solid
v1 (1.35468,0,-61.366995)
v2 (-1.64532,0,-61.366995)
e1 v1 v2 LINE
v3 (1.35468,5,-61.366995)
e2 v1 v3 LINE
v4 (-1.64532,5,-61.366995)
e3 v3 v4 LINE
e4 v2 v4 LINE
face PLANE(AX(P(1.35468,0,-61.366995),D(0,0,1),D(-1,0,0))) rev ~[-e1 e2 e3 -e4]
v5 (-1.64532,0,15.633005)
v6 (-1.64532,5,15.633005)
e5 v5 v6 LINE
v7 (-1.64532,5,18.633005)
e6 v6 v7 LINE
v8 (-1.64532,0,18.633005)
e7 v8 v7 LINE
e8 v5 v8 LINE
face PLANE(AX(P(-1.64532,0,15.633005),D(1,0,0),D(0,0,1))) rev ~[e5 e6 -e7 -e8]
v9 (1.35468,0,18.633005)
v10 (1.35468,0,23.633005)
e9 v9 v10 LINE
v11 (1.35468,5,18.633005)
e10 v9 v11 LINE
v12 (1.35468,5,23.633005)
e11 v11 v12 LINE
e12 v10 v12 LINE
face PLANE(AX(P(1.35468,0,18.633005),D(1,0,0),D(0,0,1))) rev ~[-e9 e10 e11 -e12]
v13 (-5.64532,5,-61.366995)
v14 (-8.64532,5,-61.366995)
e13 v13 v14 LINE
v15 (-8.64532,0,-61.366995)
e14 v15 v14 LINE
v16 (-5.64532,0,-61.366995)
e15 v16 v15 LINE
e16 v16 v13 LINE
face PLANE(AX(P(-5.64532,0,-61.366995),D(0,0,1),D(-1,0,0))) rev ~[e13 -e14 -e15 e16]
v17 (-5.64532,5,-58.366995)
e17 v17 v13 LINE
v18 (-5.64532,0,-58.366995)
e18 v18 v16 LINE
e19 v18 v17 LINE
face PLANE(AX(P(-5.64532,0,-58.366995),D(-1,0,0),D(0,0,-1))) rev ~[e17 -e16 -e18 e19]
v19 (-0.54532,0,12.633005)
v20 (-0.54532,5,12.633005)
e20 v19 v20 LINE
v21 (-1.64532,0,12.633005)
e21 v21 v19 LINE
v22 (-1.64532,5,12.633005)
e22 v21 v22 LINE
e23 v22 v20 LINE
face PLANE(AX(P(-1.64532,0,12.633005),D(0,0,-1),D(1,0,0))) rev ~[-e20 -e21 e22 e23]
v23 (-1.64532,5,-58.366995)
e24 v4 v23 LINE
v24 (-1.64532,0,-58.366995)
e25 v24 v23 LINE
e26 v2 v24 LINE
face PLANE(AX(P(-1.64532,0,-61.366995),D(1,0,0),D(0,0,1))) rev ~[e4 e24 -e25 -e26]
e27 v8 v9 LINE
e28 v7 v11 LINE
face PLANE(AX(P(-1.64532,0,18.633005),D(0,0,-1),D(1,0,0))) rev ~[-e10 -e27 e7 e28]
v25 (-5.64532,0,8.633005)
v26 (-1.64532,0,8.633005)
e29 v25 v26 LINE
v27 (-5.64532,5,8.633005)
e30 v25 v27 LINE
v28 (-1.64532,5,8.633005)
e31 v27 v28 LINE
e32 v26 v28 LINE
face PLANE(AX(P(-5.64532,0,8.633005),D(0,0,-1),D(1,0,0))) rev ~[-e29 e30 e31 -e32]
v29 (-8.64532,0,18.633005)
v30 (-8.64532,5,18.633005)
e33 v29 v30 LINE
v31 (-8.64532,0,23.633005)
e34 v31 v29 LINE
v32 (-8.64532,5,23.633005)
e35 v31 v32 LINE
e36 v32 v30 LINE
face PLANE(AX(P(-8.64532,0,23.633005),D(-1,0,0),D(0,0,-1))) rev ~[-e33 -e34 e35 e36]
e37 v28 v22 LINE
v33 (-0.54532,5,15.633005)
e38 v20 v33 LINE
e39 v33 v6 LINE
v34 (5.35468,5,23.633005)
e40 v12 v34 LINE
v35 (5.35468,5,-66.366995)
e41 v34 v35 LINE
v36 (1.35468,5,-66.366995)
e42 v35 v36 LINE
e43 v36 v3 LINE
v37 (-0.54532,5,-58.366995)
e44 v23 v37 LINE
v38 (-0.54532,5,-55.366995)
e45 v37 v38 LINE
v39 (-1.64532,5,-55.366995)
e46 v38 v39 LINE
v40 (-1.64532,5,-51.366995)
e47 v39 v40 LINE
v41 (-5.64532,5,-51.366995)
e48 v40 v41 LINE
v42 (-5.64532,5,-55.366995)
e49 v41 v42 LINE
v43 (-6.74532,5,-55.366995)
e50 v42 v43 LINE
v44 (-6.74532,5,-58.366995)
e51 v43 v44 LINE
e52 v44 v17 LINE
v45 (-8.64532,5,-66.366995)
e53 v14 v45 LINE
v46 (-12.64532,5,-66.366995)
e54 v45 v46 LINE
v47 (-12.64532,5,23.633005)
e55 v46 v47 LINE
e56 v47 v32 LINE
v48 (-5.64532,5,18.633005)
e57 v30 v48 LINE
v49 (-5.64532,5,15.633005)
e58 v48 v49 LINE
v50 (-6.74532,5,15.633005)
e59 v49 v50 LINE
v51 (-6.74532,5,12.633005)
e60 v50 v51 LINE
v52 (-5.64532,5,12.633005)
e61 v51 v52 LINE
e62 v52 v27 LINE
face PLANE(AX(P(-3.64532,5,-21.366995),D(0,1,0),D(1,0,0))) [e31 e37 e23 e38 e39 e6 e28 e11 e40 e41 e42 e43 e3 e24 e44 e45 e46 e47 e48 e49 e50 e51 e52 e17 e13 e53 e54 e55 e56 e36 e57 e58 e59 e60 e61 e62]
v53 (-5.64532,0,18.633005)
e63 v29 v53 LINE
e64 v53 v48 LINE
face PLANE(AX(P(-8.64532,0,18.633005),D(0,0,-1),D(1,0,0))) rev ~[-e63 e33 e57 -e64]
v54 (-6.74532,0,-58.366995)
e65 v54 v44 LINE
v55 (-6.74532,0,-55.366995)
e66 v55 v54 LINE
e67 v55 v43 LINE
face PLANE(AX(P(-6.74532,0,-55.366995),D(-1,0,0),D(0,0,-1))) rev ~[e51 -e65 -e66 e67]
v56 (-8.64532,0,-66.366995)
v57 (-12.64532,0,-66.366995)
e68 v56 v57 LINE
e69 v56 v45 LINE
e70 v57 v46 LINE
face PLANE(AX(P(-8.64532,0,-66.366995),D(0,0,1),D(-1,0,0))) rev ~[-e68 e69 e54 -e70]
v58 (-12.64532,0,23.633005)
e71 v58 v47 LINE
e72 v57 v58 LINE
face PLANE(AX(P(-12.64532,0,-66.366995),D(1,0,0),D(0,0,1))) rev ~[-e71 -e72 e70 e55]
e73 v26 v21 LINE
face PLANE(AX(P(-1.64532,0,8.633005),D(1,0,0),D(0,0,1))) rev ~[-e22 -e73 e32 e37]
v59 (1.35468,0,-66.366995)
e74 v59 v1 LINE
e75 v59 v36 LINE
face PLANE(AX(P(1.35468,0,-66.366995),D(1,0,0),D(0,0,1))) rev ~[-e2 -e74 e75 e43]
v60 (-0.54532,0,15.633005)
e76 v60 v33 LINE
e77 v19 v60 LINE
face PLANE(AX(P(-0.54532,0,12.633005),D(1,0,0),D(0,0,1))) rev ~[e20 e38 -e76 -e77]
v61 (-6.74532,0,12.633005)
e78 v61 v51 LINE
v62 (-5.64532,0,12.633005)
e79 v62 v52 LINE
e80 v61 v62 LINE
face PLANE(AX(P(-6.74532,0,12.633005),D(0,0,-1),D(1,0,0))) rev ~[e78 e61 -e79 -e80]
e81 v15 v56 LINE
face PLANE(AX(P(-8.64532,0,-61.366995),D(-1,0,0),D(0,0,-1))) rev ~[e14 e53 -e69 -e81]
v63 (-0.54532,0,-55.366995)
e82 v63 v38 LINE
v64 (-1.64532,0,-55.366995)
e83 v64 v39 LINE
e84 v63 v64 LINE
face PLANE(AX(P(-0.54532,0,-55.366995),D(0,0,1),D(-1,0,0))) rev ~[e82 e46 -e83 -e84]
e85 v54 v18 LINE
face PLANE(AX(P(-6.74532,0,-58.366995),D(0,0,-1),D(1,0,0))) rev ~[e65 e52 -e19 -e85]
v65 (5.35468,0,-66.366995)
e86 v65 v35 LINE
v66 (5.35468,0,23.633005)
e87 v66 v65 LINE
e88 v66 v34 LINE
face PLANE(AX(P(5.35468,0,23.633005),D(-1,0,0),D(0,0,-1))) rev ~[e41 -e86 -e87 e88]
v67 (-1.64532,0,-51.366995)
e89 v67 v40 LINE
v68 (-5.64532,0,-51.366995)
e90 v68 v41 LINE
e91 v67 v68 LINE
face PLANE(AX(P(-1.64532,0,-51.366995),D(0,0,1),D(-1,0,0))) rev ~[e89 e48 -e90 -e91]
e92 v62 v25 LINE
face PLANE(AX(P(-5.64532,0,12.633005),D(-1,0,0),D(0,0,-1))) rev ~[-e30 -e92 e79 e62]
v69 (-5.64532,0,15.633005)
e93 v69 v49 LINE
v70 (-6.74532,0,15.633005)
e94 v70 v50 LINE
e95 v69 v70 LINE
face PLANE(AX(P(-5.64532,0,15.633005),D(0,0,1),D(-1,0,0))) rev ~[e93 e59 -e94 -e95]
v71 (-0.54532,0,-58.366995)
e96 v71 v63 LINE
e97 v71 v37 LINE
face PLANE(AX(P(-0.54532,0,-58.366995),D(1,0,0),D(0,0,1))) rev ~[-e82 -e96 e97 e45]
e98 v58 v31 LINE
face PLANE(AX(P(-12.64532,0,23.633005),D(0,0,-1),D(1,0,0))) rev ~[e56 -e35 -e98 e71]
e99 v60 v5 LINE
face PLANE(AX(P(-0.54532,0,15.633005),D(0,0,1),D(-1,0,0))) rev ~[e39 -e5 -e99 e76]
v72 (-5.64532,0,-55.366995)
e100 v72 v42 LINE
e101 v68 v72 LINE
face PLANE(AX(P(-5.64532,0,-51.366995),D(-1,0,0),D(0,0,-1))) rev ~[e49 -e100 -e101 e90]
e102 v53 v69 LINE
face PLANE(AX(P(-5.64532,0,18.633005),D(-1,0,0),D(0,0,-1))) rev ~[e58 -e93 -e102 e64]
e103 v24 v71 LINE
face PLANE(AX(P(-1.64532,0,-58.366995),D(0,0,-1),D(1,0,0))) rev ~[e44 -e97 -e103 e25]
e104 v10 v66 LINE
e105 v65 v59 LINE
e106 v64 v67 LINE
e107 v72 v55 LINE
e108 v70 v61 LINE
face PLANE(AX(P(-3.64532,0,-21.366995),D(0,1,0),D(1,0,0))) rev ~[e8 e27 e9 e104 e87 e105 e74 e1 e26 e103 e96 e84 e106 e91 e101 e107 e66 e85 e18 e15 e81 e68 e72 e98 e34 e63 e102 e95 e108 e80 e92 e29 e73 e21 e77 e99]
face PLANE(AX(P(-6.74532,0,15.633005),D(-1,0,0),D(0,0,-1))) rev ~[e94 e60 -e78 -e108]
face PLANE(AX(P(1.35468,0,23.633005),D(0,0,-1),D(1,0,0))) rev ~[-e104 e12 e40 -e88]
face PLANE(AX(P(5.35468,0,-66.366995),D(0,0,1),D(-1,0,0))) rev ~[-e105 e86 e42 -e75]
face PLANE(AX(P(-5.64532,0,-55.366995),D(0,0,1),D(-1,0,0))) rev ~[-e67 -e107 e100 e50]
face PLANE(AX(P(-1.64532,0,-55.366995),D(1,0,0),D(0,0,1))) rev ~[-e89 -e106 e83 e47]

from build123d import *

# Parameters (mm, degrees)
BOSS_EXTRUDE2_DEPTH = 5


with BuildPart() as part:
    # Sketch1 → Boss-Extrude2 (new body)
    with BuildSketch(Plane(origin=(0, 0, 0), x_dir=(1, 0, 0), z_dir=(0, 1, 0))):
        Polygon((-5.645320197, 61.366995074), (-8.645320197, 61.366995074), (-8.645320197, 66.366995074), (-12.645320197, 66.366995074), (-12.645320197, 61.366995074), (-12.645320197, 31.366995074), (-12.645320197, 16.366995074), (-12.645320197, -3.633004926), (-12.645320197, -18.633004926), (-12.645320197, -23.633004926), (-8.645320197, -23.633004926), (-8.645320197, -18.633004926), (-5.645320197, -18.633004926), (-5.645320197, -15.633004926), (-6.745320197, -15.633004926), (-6.745320197, -12.633004926), (-5.645320197, -12.633004926), (-5.645320197, -8.633004926), (-1.645320197, -8.633004926), (-1.645320197, -12.633004926), (-0.545320197, -12.633004926), (-0.545320197, -15.633004926), (-1.645320197, -15.633004926), (-1.645320197, -18.633004926), (1.354679803, -18.633004926), (1.354679803, -23.633004926), (5.354679803, -23.633004926), (5.354679803, -18.633004926), (5.354679803, -3.633004926), (5.354679803, 16.366995074), (5.354679803, 31.366995074), (5.354679803, 61.366995074), (5.354679803, 66.366995074), (1.354679803, 66.366995074), (1.354679803, 61.366995074), (-1.645320197, 61.366995074), (-1.645320197, 58.366995074), (-0.545320197, 58.366995074), (-0.545320197, 55.366995074), (-1.645320197, 55.366995074), (-1.645320197, 51.366995074), (-5.645320197, 51.366995074), (-5.645320197, 55.366995074), (-6.745320197, 55.366995074), (-6.745320197, 58.366995074), (-5.645320197, 58.366995074), align=None)
    extrude(amount=BOSS_EXTRUDE2_DEPTH)


solid = part.part
